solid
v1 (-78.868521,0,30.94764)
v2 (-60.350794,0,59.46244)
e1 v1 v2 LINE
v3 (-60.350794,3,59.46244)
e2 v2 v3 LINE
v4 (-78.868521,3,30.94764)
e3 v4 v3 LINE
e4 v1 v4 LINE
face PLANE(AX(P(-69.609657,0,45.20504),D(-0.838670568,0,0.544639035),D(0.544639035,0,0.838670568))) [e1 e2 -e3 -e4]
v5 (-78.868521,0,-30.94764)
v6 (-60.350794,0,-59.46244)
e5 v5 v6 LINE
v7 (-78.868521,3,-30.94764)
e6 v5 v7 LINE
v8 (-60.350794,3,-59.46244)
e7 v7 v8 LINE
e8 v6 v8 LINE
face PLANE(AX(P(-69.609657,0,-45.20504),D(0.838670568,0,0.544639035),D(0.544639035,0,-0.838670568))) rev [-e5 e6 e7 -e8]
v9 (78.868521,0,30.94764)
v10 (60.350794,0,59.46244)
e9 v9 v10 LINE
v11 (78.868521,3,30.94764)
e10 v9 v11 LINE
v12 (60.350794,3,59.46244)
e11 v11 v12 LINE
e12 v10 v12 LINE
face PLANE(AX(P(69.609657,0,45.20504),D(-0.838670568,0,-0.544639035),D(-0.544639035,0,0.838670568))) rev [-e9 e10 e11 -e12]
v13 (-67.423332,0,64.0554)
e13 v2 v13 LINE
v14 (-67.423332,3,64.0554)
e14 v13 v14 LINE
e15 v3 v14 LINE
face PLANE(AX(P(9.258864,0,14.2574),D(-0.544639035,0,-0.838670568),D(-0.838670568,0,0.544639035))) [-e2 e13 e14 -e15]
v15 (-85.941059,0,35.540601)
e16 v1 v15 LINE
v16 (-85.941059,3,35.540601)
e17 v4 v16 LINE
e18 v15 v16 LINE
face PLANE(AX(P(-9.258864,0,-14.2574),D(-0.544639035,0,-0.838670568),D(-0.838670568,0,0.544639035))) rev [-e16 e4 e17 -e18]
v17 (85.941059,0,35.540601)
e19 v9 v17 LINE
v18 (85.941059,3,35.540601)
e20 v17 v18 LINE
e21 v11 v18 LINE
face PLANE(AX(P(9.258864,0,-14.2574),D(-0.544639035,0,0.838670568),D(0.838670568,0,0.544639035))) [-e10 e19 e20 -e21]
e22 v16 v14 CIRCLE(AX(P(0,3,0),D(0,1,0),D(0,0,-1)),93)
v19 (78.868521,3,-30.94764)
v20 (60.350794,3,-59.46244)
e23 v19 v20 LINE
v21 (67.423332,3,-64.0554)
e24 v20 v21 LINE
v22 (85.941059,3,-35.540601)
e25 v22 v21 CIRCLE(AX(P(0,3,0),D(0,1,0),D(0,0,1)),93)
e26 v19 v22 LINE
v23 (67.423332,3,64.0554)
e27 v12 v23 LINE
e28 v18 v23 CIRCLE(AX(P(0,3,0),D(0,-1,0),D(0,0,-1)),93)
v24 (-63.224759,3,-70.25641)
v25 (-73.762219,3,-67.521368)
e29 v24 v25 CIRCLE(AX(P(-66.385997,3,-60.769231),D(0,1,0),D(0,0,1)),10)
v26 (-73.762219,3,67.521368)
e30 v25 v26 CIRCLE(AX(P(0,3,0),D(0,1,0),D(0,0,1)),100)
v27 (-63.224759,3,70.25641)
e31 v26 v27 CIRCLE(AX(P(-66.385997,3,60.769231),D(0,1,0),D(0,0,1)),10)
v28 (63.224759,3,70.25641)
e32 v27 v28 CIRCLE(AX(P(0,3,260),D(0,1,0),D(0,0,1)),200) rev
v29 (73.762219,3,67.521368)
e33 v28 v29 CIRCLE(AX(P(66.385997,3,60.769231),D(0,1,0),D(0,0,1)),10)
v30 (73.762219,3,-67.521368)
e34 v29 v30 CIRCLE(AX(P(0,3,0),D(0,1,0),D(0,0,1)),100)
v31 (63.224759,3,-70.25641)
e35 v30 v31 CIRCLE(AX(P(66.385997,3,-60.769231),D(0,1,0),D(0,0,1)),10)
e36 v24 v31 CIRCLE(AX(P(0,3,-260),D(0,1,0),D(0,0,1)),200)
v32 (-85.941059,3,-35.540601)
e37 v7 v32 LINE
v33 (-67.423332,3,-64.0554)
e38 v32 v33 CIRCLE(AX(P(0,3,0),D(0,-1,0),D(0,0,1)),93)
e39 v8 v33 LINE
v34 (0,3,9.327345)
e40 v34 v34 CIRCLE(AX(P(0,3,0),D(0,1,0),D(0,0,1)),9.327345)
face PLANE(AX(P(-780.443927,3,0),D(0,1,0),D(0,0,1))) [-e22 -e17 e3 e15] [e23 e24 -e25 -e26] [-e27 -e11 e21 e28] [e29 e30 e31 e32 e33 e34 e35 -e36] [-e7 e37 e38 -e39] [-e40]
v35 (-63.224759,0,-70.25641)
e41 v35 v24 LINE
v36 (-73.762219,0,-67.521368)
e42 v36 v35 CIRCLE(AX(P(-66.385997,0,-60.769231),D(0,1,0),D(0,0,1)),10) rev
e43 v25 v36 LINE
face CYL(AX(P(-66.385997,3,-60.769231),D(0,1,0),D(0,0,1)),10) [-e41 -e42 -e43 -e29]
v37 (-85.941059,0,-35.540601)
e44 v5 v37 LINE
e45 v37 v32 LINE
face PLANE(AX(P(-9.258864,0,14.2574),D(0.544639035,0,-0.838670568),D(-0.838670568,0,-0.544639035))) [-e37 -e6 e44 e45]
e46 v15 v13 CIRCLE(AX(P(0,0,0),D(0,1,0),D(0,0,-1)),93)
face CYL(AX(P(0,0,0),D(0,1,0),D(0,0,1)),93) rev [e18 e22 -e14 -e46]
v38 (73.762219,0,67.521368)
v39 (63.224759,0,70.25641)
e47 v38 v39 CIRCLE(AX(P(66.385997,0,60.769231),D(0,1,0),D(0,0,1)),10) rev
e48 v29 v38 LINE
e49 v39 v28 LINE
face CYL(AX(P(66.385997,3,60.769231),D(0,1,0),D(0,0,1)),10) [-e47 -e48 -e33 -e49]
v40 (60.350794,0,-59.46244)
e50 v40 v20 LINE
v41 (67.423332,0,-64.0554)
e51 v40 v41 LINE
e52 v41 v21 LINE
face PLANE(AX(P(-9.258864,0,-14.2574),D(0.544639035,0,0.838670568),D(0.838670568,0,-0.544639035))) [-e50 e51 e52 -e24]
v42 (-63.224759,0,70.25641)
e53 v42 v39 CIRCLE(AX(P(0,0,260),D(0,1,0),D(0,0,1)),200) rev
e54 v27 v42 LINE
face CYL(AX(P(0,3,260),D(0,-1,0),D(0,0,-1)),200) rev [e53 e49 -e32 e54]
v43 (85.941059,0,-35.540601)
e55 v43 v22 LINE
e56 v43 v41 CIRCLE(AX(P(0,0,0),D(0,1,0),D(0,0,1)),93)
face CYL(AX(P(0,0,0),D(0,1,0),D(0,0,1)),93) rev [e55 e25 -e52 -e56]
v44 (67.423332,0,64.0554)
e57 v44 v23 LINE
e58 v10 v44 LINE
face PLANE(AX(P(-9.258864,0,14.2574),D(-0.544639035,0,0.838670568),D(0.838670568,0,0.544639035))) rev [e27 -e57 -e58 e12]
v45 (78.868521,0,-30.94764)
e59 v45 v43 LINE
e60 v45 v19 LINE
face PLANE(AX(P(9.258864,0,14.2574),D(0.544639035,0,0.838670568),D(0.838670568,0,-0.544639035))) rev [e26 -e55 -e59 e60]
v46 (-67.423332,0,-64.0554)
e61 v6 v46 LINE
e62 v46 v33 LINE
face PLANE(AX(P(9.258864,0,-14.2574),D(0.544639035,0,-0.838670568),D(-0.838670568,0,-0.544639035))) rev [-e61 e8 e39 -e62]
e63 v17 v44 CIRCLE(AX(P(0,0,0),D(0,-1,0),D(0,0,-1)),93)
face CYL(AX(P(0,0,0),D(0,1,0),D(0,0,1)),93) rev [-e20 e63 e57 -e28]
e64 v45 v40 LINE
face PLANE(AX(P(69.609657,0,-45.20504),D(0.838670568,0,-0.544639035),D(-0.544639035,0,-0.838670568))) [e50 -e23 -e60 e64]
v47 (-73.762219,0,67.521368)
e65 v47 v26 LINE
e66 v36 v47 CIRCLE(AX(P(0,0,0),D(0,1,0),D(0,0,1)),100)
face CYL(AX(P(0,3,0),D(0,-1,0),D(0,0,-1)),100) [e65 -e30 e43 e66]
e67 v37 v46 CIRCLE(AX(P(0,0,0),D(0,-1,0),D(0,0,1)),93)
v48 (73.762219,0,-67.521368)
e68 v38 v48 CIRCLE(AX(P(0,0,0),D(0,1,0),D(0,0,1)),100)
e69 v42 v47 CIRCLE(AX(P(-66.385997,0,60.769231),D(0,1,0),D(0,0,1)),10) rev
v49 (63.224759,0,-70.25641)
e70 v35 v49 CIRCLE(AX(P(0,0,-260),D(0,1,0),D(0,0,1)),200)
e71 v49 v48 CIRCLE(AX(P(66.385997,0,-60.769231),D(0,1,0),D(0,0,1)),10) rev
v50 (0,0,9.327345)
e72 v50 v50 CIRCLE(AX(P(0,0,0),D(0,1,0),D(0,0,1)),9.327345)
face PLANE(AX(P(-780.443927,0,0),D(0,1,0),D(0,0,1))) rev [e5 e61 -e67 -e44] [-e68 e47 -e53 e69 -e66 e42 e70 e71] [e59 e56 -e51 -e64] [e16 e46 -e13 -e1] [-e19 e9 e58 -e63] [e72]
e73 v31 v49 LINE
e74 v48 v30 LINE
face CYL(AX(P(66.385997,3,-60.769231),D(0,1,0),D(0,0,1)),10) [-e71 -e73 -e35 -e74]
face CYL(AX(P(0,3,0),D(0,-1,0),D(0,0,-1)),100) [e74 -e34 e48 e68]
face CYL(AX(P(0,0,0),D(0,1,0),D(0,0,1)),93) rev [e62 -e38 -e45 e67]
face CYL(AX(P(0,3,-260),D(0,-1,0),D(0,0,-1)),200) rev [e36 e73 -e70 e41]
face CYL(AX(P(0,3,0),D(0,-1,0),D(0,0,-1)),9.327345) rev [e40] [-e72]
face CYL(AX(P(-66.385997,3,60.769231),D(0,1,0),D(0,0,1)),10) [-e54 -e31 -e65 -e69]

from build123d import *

# Parameters (mm, degrees)
ESBO_O1_R                = 9.327345029
RESSALTO_EXTRUS_O1_DEPTH = 3
CORTE_EXTRUS_O1_DEPTH    = 124.439873489
FILETE1_R                = 10
ESPELHAR2_COPY_1_DEPTH   = 124.439873489


with BuildPart() as part:
    # Esboço1 → Ressalto-extrusão1 (new body)
    with BuildSketch(Plane(origin=(0, 0, 0), x_dir=(1, 0, 0), z_dir=(0, 1, 0))):
        with BuildLine():
            ThreePointArc((69.076751756, -72.307692308), (91.944752911, -39.321271752), (100, 0))
            ThreePointArc((100, 0), (91.944752911, 39.321271752), (69.076751756, 72.307692308))
            ThreePointArc((69.076751756, 72.307692308), (0, 60), (-69.076751756, 72.307692308))
            ThreePointArc((-69.076751756, 72.307692308), (-100, 0), (-69.076751756, -72.307692308))
            ThreePointArc((-69.076751756, -72.307692308), (0, -60), (69.076751756, -72.307692308))
        make_face()
        with Locations(Location((0, 0, 0), (0, 0, 270))):
            Circle(ESBO_O1_R, mode=Mode.SUBTRACT)
    extrude(amount=RESSALTO_EXTRUS_O1_DEPTH)

    # Esboço2 → Corte-extrusão1 (cut, through all)
    with BuildSketch(Plane(origin=(0, 3, 0), x_dir=(1, 0, 0), z_dir=(0, 1, 0))):
        with BuildLine():
            Line((60.350793544, 59.462439561), (78.868520735, 30.947640251))
            Line((78.868520735, 30.947640251), (85.941059495, 35.540600625))
            ThreePointArc((85.941059495, 35.540600625), (82.316182531, 43.278702541), (77.996362885, 50.651430155))
            ThreePointArc((77.996362885, 50.651430155), (73.018069946, 57.596540359), (67.423332305, 64.055399936))
            Line((67.423332305, 64.055399936), (60.350793544, 59.462439561))
        make_face()
    corte_extrus_o1 = extrude(amount=-CORTE_EXTRUS_O1_DEPTH, mode=Mode.SUBTRACT)

    # Filete1
    filete1_edges = [part.edges().sort_by_distance(p)[0] for p in [
        (-69.076751756, 1.5, -72.307692308),
        (69.076751756, 1.5, -72.307692308),
        (69.076751756, 1.5, 72.307692308),
        (-69.076751756, 1.5, 72.307692308),
    ]]
    fillet(filete1_edges, radius=FILETE1_R)

    # Espelhar1: Corte-extrusão1 across plane
    add(corte_extrus_o1.mirror(Plane(origin=(0, 0, 0), x_dir=(0, 0, 1), z_dir=(1, 0, 0))), mode=Mode.SUBTRACT)

    # Espelhar2: Corte-extrusão1 across plane
    add(corte_extrus_o1.mirror(Plane.XY), mode=Mode.SUBTRACT)

    # Espelhar2 copy 1 sketch → Espelhar2 copy 1 (cut, through all)
    with BuildSketch(Plane(origin=(0, 3, 0), x_dir=(-1, 0, 0), z_dir=(0, 1, 0))):
        with BuildLine():
            Line((60.350793544, 59.462439561), (78.868520735, 30.947640251))
            Line((78.868520735, 30.947640251), (85.941059495, 35.540600625))
            ThreePointArc((85.941059495, 35.540600625), (82.316182531, 43.278702541), (77.996362885, 50.651430155))
            ThreePointArc((77.996362885, 50.651430155), (73.018069946, 57.596540359), (67.423332305, 64.055399936))
            Line((67.423332305, 64.055399936), (60.350793544, 59.462439561))
        make_face()
    extrude(amount=-ESPELHAR2_COPY_1_DEPTH, mode=Mode.SUBTRACT)


solid = part.part
